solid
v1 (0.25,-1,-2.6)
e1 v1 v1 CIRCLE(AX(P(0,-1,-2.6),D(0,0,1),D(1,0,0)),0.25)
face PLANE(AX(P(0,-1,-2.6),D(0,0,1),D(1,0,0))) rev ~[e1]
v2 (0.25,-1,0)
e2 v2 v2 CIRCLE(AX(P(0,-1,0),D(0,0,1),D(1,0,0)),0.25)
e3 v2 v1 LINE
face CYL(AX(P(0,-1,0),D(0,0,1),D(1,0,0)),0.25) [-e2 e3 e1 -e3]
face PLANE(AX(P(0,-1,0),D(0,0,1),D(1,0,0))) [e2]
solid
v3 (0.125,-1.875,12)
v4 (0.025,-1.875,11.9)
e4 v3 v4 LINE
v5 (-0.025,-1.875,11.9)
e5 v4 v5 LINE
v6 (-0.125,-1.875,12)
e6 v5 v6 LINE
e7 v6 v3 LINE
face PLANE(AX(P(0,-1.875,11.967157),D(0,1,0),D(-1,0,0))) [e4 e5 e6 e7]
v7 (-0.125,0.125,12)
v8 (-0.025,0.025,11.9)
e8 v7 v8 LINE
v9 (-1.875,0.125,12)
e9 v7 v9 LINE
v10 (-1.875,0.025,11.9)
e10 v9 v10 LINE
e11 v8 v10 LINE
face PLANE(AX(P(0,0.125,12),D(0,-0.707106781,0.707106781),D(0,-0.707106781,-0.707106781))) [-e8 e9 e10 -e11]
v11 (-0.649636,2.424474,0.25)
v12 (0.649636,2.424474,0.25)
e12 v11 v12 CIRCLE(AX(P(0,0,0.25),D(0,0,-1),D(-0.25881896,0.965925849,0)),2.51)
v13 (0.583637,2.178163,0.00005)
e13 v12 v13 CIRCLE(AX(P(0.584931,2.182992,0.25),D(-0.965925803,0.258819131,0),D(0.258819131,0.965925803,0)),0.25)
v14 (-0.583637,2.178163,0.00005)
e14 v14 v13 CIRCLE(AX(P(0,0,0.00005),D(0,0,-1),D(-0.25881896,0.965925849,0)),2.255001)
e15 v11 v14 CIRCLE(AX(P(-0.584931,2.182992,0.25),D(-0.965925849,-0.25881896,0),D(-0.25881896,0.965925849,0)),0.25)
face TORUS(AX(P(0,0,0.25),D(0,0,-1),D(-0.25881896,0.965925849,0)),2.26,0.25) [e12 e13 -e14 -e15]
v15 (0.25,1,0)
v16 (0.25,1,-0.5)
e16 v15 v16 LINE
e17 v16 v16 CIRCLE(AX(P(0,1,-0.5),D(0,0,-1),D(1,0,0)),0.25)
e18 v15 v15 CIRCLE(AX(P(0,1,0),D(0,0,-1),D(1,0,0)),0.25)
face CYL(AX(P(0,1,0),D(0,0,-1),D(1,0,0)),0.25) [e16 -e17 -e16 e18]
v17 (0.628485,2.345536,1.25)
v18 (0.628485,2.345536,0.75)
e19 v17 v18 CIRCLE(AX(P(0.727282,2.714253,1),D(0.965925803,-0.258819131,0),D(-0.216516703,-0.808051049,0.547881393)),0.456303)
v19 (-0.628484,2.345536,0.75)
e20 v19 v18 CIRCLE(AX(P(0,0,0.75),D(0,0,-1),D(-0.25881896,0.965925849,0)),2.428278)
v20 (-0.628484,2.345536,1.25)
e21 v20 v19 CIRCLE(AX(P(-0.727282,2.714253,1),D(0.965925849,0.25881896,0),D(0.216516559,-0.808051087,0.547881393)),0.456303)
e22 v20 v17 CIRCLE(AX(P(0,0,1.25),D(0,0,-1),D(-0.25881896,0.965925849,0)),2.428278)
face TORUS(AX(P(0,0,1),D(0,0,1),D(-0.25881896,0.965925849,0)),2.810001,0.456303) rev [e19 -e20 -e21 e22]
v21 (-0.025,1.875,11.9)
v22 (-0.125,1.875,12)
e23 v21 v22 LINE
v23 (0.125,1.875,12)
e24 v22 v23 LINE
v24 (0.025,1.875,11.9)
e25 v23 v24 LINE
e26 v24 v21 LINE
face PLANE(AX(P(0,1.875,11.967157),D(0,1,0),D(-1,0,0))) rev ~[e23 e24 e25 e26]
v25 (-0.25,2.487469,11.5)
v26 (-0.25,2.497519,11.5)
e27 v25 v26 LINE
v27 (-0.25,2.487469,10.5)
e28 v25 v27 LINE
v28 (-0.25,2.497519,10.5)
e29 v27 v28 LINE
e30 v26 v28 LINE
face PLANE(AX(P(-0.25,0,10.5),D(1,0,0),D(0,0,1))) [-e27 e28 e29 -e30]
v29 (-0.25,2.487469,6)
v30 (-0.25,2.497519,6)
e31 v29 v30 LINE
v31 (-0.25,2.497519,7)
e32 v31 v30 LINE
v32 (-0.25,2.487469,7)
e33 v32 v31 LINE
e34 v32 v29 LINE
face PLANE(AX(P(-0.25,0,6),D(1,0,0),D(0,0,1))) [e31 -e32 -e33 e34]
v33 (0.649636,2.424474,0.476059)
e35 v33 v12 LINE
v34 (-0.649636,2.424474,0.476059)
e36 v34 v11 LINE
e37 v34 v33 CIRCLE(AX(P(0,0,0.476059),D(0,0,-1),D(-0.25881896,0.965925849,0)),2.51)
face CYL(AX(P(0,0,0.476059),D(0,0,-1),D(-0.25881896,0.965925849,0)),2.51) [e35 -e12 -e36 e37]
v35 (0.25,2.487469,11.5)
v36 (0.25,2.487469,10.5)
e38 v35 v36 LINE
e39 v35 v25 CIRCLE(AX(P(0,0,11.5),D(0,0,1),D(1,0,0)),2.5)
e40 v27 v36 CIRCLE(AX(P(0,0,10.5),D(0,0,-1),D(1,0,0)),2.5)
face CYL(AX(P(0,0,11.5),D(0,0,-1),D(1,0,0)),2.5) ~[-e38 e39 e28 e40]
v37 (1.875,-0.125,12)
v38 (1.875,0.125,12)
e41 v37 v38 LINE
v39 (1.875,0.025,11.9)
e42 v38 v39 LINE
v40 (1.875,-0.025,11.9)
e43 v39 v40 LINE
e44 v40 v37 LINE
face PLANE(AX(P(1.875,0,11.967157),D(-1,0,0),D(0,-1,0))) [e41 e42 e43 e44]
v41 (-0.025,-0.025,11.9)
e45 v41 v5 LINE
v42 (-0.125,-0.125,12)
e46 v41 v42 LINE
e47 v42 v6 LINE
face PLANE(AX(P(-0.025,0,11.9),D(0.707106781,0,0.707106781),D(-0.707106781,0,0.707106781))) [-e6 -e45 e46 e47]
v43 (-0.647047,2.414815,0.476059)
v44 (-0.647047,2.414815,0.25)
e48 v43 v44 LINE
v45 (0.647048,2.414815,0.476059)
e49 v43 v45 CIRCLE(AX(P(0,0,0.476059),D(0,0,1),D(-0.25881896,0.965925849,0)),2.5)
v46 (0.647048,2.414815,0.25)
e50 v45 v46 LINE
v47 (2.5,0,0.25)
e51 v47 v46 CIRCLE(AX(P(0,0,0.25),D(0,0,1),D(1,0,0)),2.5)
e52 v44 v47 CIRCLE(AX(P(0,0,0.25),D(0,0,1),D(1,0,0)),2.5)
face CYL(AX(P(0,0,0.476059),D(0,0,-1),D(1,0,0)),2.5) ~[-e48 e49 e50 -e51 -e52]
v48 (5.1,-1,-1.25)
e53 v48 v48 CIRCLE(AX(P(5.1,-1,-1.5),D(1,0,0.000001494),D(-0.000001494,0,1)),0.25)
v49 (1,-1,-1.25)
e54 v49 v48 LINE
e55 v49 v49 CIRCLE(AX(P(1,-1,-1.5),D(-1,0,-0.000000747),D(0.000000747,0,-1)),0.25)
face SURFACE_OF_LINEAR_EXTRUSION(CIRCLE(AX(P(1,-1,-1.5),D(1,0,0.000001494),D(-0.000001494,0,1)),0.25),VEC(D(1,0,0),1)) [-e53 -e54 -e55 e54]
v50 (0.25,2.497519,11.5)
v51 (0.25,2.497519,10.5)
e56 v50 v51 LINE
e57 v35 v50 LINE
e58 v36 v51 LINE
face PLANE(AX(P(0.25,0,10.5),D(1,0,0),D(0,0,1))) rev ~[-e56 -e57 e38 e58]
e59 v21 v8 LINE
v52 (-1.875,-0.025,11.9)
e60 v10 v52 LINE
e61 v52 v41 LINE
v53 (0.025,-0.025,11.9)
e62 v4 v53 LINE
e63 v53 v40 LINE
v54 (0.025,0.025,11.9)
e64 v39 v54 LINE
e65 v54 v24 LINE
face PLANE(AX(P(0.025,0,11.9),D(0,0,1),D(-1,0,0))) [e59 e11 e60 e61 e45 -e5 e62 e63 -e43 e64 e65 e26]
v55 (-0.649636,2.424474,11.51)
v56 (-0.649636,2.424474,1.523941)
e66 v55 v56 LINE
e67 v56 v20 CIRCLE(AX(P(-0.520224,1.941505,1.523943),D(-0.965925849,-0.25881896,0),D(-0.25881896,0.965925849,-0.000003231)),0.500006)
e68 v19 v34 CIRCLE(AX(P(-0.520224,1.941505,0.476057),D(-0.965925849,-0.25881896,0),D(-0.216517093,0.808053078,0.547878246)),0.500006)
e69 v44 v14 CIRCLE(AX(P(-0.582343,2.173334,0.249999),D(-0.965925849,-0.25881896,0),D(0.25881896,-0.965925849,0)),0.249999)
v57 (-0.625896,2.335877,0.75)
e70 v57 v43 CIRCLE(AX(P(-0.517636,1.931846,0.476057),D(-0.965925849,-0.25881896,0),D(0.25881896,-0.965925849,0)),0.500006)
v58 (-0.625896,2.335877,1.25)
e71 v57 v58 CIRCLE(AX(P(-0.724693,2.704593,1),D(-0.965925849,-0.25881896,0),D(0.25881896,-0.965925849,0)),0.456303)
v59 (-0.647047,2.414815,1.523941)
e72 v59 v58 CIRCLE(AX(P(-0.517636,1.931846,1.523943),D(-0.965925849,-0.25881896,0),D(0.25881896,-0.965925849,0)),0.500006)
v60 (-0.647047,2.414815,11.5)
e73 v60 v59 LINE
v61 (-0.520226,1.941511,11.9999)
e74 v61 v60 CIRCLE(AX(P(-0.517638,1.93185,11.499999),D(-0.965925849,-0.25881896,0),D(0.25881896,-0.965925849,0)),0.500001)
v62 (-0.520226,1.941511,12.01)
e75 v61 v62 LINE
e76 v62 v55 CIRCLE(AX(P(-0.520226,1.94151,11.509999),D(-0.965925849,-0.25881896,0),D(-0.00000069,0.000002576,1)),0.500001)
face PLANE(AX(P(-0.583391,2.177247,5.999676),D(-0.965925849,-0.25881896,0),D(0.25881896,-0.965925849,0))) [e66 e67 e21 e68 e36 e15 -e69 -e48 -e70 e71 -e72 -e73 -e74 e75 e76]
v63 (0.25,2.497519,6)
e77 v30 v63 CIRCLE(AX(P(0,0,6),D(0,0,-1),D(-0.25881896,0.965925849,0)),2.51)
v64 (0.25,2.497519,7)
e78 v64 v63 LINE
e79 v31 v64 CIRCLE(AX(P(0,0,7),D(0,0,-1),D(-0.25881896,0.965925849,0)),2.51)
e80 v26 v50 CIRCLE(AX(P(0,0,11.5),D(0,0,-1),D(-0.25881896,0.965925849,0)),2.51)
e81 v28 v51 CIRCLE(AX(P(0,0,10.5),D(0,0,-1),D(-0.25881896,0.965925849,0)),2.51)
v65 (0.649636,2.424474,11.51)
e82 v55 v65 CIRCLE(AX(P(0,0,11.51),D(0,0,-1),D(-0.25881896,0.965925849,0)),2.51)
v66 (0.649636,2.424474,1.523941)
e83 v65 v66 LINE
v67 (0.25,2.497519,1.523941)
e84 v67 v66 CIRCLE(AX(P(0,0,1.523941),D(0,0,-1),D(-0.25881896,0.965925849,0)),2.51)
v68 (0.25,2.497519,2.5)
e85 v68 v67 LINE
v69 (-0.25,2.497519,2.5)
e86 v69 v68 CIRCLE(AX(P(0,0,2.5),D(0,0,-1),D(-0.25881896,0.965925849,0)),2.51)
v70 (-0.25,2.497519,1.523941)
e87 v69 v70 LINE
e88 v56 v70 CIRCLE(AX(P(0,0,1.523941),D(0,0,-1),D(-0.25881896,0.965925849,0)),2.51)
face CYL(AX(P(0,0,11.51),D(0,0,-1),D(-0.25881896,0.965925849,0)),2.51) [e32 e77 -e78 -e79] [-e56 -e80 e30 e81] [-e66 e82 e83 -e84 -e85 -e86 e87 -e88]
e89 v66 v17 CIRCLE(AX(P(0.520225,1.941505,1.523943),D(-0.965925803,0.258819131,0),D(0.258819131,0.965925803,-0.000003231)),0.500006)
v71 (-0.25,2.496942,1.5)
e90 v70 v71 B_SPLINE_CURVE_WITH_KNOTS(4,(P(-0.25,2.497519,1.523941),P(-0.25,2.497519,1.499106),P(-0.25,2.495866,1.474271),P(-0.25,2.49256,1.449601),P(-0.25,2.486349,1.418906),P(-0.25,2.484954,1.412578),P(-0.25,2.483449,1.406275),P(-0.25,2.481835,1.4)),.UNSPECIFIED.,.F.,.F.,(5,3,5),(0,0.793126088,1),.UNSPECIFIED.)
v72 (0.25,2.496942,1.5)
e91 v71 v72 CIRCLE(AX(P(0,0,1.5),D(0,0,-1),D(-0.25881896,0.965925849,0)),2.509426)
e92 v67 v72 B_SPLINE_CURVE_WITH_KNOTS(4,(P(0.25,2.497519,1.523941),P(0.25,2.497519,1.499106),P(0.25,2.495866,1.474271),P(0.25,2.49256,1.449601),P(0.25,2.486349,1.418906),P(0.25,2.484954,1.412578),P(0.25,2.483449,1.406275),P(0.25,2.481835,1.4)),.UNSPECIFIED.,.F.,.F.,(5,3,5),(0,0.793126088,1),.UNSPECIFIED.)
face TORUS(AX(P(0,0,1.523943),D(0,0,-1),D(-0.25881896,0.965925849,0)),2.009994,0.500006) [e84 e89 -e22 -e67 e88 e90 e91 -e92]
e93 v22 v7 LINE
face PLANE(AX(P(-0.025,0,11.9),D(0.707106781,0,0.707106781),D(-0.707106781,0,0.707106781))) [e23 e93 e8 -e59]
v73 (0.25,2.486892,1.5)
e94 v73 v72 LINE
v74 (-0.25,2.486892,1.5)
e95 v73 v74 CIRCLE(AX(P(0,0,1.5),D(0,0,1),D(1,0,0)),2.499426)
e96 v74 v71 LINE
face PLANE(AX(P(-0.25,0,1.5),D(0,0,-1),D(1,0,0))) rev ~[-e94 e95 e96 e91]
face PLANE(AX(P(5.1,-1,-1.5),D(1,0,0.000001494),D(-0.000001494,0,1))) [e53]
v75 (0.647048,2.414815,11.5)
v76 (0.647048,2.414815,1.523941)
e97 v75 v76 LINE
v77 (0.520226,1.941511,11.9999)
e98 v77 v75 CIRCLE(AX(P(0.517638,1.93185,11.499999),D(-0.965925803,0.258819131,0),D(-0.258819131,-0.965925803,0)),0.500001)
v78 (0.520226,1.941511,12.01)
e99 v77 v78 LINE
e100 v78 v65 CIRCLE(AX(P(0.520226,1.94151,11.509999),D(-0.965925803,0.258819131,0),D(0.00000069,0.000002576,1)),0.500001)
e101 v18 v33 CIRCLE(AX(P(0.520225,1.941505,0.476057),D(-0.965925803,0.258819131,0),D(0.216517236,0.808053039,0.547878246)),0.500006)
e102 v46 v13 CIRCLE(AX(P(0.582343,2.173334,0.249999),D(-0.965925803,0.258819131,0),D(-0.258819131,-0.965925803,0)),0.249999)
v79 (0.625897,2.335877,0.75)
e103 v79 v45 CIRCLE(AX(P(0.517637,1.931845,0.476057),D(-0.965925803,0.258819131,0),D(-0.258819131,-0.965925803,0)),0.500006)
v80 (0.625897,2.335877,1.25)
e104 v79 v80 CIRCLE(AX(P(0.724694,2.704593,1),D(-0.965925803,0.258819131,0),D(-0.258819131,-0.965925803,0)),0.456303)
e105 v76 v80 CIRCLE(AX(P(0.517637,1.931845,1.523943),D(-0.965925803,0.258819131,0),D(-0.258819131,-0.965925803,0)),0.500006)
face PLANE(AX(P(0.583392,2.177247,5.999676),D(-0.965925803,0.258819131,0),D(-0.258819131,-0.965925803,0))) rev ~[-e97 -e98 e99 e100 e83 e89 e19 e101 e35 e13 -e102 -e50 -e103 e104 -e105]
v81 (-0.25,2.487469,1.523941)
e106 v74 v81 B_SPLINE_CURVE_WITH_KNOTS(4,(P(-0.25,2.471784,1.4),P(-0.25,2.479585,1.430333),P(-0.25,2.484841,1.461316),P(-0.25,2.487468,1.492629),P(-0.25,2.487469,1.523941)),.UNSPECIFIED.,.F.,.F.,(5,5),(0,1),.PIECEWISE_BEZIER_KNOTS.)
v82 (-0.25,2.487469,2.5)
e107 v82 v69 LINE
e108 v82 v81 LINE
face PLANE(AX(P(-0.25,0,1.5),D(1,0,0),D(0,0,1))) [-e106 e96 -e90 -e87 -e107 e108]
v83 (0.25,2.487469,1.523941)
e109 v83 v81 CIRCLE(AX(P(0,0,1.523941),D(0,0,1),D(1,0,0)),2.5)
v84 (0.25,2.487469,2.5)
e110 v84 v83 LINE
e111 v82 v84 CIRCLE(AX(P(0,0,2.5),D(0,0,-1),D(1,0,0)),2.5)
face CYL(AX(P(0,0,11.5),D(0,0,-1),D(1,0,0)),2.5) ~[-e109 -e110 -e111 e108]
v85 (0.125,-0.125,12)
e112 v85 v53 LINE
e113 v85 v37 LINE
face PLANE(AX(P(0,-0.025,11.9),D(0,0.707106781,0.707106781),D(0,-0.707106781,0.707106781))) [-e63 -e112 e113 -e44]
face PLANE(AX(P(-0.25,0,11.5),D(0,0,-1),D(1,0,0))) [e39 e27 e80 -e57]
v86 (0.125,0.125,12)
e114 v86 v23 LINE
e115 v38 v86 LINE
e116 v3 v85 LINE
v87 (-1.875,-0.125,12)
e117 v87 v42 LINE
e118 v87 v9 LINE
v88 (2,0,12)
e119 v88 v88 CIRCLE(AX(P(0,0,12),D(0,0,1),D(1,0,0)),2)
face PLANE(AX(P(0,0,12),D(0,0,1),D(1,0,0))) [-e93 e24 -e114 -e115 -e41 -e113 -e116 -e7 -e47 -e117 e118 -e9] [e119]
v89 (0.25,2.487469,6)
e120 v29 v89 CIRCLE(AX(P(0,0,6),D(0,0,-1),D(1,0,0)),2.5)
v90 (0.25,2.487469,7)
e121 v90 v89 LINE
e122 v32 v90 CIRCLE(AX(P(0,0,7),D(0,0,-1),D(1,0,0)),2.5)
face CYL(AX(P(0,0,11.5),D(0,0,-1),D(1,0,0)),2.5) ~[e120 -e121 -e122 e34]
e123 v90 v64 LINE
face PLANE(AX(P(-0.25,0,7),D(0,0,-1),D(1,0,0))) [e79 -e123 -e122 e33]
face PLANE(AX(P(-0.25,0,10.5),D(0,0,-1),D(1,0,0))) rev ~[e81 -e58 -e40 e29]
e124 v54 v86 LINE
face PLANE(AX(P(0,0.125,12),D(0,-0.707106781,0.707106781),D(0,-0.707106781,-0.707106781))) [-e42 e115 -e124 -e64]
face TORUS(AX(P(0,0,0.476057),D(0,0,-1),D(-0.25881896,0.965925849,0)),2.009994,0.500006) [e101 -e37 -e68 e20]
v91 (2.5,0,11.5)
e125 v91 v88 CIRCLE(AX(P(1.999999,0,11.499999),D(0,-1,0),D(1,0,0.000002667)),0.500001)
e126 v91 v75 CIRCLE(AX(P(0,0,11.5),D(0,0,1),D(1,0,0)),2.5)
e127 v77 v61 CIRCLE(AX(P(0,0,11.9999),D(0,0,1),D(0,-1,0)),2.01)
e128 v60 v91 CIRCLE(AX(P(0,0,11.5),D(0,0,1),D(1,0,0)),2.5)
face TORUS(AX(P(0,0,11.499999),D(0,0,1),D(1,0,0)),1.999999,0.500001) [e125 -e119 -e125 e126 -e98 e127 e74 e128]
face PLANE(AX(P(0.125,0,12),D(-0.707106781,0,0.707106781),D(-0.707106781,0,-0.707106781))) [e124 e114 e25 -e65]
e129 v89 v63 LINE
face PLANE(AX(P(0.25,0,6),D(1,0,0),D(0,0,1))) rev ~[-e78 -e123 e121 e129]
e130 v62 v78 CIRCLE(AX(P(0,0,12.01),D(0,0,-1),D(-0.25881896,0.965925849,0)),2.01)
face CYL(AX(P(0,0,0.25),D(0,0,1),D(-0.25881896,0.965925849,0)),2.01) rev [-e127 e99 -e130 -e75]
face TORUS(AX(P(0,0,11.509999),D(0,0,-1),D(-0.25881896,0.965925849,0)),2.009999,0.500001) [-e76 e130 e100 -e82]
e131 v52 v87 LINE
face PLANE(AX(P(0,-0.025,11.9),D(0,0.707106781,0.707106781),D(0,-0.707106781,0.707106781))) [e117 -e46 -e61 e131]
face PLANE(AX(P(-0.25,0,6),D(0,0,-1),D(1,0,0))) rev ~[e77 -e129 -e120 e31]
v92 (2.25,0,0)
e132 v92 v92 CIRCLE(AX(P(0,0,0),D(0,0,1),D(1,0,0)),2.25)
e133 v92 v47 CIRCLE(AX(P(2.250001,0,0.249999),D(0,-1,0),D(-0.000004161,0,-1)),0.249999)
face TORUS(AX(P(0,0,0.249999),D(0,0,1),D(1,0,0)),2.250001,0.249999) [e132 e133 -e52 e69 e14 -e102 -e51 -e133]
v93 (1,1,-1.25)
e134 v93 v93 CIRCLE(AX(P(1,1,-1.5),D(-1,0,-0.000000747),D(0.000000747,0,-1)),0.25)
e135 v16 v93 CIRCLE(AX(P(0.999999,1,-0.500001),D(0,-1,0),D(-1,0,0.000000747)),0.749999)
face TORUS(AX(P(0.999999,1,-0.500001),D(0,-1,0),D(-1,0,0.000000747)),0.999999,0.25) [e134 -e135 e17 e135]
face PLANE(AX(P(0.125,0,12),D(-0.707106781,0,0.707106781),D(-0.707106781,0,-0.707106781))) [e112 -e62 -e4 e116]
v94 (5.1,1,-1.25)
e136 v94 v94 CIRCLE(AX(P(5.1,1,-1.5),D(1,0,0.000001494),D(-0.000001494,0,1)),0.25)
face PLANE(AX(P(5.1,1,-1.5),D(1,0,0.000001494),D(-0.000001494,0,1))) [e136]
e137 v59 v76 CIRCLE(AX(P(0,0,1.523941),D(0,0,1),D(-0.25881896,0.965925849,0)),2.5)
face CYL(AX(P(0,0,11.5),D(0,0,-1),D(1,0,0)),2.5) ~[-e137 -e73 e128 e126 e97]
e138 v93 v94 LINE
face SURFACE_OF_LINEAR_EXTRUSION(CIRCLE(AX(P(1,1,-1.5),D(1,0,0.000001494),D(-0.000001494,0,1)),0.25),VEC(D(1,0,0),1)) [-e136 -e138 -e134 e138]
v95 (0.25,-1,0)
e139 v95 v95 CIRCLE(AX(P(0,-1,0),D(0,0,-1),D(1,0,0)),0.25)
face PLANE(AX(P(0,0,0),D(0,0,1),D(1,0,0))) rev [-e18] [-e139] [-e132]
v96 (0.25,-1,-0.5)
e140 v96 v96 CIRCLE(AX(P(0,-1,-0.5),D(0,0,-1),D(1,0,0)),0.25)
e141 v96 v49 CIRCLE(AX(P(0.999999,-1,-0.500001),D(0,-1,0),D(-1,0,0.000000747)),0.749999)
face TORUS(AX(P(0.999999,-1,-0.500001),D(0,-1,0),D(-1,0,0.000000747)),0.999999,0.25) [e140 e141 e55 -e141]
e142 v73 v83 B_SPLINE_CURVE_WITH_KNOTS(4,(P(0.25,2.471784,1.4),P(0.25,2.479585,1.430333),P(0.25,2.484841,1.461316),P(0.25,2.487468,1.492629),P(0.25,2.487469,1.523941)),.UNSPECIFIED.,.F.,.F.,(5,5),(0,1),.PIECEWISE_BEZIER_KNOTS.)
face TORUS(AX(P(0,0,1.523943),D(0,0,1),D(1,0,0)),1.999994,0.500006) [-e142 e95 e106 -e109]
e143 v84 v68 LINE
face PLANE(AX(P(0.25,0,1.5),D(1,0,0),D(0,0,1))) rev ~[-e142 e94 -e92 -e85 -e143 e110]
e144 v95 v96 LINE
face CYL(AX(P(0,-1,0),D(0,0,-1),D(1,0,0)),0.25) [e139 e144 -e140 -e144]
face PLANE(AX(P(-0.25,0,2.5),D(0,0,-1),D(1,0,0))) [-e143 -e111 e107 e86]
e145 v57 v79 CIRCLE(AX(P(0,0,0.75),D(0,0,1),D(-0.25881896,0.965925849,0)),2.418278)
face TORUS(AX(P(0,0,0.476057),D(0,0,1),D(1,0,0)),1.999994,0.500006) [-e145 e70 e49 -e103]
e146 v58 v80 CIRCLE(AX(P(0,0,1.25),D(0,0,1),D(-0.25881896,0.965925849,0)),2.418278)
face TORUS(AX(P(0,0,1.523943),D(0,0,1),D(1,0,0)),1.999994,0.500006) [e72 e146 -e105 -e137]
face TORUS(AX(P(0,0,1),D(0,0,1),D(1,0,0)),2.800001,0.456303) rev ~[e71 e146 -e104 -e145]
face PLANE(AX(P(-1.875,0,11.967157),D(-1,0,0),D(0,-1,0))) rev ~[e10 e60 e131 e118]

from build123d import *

# Parameters (mm, degrees)
SKETCH010_R         = 0.25
PAD002_DEPTH        = 2.6
REVOLUTION001_ANGLE = -30
SKETCH015_W         = 0.5
SKETCH015_H         = 1
POCKET002_DEPTH     = 2.511
LINEARPATTERN_COUNT = 3
LINEARPATTERN_PITCH = 4.5
SKETCH012_R         = 2
POCKET_DEPTH        = 0.5
SKETCH003_R         = 0.25
SKETCH013_R         = 2
PAD_DEPTH           = 0.5
POCKET001_DEPTH     = 1.875
POLARPATTERN_COUNT  = 3
POLARPATTERN_ANGLE  = 180


with BuildPart() as leadstraightclone:
    # Sketch010 → Pad002 (new body)
    with BuildSketch(Plane(origin=(0, 1, 0), x_dir=(1, 0, 0), z_dir=(0, 0, 1))):
        Circle(SKETCH010_R)
    extrude(amount=-PAD002_DEPTH)


with BuildPart() as leadstraightclone_1:
    # Body007 placement: moved
    add(leadstraightclone.part.moved(Location((0, -2, 0))))


with BuildPart() as polaritymarking:
    # Sketch005 → Revolution001 (revolve)
    with BuildSketch(Plane(origin=(0, 0, 0), x_dir=(-0.258819, 0.965926, 0), z_dir=(0.965926, 0.258819, 0))):
        with BuildLine():
            Line((2.01, 0.25), (2.01, 12.01))
            ThreePointArc((2.01, 12.01), (2.363553, 11.863553), (2.51, 11.51))
            Line((2.51, 11.51), (2.51, 1.523941))
            ThreePointArc((2.51, 1.523941), (2.489134, 1.381006), (2.428278, 1.25))
            ThreePointArc((2.428278, 1.25), (2.353698, 1), (2.428278, 0.75))
            ThreePointArc((2.428278, 0.75), (2.489134, 0.618994), (2.51, 0.476059))
            Line((2.51, 0.476059), (2.51, 0.25))
            ThreePointArc((2.51, 0.25), (2.26, 0), (2.01, 0.25))
        make_face()
    revolve(axis=Axis((0, 0, 0), (0, 0, 1)), revolution_arc=REVOLUTION001_ANGLE)

    # Sketch015 → Pocket002 (cut, through all)
    with BuildSketch(Plane.XZ):
        with Locations((0, 2)):
            Rectangle(SKETCH015_W, SKETCH015_H)
    pocket002 = extrude(amount=-POCKET002_DEPTH, mode=Mode.SUBTRACT)

    # LinearPattern: Pocket002 ×3
    with Locations(*[(0, 0, i * LINEARPATTERN_PITCH) for i in range(1, LINEARPATTERN_COUNT)]):
        add(pocket002, mode=Mode.SUBTRACT)


with BuildPart() as housing:
    # Sketch → Revolution (revolve)
    with BuildSketch(Plane.XZ):
        with BuildLine():
            Line((0, 12), (2, 12))
            ThreePointArc((2.5, 11.5), (2.353553, 11.853553), (2, 12))
            Line((2.5, 11.5), (2.5, 1.523941))
            ThreePointArc((2.418278, 1.25), (2.479134, 1.381006), (2.5, 1.523941))
            ThreePointArc((2.418278, 1.25), (2.343698, 1), (2.418278, 0.75))
            ThreePointArc((2.5, 0.476059), (2.479134, 0.618994), (2.418278, 0.75))
            Line((2.5, 0.476059), (2.5, 0.25))
            ThreePointArc((2.25, 0), (2.426777, 0.073223), (2.5, 0.25))
            Line((0, 0), (2.25, 0))
            Line((0, 12), (0, 0))
        make_face()
    revolve(axis=Axis((0, 0, 0), (0, 0, 1)))

    # Sketch012 → Pocket (cut)
    with BuildSketch(Plane.XY.offset(12)):
        Circle(SKETCH012_R)
    extrude(amount=-POCKET_DEPTH, mode=Mode.SUBTRACT)


with BuildPart() as leadangled:
    # AdditivePipe: sweep along a path in Sketch004
    with BuildLine(Plane.XZ) as additivepipe_path:
        Line((0, 0), (0, -0.5))
        ThreePointArc((0, -0.5), (0.292893, -1.207107), (1, -1.5))
        Line((1, -1.5), (5.1, -1.5))
    # Sketch003 (on ShapeBinder) → AdditivePipe (sweep)
    with BuildSketch(Plane(origin=(0, 0, 0), x_dir=(1, 0, 0), z_dir=(0, 0, -1))):
        with Locations((0, 1)):
            Circle(SKETCH003_R)
    sweep(path=additivepipe_path.line)


with BuildPart() as leadangledclone:
    # Body003 base: copy of LeadAngled
    add(leadangled.part)


with BuildPart() as leadangledclone_1:
    # Body003 placement: moved
    add(leadangledclone.part.moved(Location((0, 2, 0))))


with BuildPart() as fusion:
    # Sketch013 (on ShapeBinder) → Pad (new body)
    with BuildSketch(Plane.XY.offset(11.5)):
        Circle(SKETCH013_R)
    extrude(amount=PAD_DEPTH)

    # Sketch014 → Pocket001 (cut, symmetric)
    with BuildSketch(Plane.XZ):
        Polygon((-0.125, 12), (0.125, 12), (0.025, 11.9), (-0.025, 11.9), align=None)
    pocket001 = extrude(amount=POCKET001_DEPTH, both=True, mode=Mode.SUBTRACT)

    # PolarPattern: Pocket001 ×3 about axis
    polarpattern_axis = Axis((0, 0, 0), (0, 0, 1))
    for i in range(1, POLARPATTERN_COUNT):
        add(pocket001.rotate(polarpattern_axis, i * POLARPATTERN_ANGLE / (POLARPATTERN_COUNT - 1)), mode=Mode.SUBTRACT)

    # Fusion: union PolarityMarking, Housing, LeadAngledClone, LeadAngled
    add(polaritymarking.part)
    add(housing.part)
    add(leadangledclone_1.part)
    add(leadangled.part)


solid = Compound([leadstraightclone_1.part, fusion.part])
